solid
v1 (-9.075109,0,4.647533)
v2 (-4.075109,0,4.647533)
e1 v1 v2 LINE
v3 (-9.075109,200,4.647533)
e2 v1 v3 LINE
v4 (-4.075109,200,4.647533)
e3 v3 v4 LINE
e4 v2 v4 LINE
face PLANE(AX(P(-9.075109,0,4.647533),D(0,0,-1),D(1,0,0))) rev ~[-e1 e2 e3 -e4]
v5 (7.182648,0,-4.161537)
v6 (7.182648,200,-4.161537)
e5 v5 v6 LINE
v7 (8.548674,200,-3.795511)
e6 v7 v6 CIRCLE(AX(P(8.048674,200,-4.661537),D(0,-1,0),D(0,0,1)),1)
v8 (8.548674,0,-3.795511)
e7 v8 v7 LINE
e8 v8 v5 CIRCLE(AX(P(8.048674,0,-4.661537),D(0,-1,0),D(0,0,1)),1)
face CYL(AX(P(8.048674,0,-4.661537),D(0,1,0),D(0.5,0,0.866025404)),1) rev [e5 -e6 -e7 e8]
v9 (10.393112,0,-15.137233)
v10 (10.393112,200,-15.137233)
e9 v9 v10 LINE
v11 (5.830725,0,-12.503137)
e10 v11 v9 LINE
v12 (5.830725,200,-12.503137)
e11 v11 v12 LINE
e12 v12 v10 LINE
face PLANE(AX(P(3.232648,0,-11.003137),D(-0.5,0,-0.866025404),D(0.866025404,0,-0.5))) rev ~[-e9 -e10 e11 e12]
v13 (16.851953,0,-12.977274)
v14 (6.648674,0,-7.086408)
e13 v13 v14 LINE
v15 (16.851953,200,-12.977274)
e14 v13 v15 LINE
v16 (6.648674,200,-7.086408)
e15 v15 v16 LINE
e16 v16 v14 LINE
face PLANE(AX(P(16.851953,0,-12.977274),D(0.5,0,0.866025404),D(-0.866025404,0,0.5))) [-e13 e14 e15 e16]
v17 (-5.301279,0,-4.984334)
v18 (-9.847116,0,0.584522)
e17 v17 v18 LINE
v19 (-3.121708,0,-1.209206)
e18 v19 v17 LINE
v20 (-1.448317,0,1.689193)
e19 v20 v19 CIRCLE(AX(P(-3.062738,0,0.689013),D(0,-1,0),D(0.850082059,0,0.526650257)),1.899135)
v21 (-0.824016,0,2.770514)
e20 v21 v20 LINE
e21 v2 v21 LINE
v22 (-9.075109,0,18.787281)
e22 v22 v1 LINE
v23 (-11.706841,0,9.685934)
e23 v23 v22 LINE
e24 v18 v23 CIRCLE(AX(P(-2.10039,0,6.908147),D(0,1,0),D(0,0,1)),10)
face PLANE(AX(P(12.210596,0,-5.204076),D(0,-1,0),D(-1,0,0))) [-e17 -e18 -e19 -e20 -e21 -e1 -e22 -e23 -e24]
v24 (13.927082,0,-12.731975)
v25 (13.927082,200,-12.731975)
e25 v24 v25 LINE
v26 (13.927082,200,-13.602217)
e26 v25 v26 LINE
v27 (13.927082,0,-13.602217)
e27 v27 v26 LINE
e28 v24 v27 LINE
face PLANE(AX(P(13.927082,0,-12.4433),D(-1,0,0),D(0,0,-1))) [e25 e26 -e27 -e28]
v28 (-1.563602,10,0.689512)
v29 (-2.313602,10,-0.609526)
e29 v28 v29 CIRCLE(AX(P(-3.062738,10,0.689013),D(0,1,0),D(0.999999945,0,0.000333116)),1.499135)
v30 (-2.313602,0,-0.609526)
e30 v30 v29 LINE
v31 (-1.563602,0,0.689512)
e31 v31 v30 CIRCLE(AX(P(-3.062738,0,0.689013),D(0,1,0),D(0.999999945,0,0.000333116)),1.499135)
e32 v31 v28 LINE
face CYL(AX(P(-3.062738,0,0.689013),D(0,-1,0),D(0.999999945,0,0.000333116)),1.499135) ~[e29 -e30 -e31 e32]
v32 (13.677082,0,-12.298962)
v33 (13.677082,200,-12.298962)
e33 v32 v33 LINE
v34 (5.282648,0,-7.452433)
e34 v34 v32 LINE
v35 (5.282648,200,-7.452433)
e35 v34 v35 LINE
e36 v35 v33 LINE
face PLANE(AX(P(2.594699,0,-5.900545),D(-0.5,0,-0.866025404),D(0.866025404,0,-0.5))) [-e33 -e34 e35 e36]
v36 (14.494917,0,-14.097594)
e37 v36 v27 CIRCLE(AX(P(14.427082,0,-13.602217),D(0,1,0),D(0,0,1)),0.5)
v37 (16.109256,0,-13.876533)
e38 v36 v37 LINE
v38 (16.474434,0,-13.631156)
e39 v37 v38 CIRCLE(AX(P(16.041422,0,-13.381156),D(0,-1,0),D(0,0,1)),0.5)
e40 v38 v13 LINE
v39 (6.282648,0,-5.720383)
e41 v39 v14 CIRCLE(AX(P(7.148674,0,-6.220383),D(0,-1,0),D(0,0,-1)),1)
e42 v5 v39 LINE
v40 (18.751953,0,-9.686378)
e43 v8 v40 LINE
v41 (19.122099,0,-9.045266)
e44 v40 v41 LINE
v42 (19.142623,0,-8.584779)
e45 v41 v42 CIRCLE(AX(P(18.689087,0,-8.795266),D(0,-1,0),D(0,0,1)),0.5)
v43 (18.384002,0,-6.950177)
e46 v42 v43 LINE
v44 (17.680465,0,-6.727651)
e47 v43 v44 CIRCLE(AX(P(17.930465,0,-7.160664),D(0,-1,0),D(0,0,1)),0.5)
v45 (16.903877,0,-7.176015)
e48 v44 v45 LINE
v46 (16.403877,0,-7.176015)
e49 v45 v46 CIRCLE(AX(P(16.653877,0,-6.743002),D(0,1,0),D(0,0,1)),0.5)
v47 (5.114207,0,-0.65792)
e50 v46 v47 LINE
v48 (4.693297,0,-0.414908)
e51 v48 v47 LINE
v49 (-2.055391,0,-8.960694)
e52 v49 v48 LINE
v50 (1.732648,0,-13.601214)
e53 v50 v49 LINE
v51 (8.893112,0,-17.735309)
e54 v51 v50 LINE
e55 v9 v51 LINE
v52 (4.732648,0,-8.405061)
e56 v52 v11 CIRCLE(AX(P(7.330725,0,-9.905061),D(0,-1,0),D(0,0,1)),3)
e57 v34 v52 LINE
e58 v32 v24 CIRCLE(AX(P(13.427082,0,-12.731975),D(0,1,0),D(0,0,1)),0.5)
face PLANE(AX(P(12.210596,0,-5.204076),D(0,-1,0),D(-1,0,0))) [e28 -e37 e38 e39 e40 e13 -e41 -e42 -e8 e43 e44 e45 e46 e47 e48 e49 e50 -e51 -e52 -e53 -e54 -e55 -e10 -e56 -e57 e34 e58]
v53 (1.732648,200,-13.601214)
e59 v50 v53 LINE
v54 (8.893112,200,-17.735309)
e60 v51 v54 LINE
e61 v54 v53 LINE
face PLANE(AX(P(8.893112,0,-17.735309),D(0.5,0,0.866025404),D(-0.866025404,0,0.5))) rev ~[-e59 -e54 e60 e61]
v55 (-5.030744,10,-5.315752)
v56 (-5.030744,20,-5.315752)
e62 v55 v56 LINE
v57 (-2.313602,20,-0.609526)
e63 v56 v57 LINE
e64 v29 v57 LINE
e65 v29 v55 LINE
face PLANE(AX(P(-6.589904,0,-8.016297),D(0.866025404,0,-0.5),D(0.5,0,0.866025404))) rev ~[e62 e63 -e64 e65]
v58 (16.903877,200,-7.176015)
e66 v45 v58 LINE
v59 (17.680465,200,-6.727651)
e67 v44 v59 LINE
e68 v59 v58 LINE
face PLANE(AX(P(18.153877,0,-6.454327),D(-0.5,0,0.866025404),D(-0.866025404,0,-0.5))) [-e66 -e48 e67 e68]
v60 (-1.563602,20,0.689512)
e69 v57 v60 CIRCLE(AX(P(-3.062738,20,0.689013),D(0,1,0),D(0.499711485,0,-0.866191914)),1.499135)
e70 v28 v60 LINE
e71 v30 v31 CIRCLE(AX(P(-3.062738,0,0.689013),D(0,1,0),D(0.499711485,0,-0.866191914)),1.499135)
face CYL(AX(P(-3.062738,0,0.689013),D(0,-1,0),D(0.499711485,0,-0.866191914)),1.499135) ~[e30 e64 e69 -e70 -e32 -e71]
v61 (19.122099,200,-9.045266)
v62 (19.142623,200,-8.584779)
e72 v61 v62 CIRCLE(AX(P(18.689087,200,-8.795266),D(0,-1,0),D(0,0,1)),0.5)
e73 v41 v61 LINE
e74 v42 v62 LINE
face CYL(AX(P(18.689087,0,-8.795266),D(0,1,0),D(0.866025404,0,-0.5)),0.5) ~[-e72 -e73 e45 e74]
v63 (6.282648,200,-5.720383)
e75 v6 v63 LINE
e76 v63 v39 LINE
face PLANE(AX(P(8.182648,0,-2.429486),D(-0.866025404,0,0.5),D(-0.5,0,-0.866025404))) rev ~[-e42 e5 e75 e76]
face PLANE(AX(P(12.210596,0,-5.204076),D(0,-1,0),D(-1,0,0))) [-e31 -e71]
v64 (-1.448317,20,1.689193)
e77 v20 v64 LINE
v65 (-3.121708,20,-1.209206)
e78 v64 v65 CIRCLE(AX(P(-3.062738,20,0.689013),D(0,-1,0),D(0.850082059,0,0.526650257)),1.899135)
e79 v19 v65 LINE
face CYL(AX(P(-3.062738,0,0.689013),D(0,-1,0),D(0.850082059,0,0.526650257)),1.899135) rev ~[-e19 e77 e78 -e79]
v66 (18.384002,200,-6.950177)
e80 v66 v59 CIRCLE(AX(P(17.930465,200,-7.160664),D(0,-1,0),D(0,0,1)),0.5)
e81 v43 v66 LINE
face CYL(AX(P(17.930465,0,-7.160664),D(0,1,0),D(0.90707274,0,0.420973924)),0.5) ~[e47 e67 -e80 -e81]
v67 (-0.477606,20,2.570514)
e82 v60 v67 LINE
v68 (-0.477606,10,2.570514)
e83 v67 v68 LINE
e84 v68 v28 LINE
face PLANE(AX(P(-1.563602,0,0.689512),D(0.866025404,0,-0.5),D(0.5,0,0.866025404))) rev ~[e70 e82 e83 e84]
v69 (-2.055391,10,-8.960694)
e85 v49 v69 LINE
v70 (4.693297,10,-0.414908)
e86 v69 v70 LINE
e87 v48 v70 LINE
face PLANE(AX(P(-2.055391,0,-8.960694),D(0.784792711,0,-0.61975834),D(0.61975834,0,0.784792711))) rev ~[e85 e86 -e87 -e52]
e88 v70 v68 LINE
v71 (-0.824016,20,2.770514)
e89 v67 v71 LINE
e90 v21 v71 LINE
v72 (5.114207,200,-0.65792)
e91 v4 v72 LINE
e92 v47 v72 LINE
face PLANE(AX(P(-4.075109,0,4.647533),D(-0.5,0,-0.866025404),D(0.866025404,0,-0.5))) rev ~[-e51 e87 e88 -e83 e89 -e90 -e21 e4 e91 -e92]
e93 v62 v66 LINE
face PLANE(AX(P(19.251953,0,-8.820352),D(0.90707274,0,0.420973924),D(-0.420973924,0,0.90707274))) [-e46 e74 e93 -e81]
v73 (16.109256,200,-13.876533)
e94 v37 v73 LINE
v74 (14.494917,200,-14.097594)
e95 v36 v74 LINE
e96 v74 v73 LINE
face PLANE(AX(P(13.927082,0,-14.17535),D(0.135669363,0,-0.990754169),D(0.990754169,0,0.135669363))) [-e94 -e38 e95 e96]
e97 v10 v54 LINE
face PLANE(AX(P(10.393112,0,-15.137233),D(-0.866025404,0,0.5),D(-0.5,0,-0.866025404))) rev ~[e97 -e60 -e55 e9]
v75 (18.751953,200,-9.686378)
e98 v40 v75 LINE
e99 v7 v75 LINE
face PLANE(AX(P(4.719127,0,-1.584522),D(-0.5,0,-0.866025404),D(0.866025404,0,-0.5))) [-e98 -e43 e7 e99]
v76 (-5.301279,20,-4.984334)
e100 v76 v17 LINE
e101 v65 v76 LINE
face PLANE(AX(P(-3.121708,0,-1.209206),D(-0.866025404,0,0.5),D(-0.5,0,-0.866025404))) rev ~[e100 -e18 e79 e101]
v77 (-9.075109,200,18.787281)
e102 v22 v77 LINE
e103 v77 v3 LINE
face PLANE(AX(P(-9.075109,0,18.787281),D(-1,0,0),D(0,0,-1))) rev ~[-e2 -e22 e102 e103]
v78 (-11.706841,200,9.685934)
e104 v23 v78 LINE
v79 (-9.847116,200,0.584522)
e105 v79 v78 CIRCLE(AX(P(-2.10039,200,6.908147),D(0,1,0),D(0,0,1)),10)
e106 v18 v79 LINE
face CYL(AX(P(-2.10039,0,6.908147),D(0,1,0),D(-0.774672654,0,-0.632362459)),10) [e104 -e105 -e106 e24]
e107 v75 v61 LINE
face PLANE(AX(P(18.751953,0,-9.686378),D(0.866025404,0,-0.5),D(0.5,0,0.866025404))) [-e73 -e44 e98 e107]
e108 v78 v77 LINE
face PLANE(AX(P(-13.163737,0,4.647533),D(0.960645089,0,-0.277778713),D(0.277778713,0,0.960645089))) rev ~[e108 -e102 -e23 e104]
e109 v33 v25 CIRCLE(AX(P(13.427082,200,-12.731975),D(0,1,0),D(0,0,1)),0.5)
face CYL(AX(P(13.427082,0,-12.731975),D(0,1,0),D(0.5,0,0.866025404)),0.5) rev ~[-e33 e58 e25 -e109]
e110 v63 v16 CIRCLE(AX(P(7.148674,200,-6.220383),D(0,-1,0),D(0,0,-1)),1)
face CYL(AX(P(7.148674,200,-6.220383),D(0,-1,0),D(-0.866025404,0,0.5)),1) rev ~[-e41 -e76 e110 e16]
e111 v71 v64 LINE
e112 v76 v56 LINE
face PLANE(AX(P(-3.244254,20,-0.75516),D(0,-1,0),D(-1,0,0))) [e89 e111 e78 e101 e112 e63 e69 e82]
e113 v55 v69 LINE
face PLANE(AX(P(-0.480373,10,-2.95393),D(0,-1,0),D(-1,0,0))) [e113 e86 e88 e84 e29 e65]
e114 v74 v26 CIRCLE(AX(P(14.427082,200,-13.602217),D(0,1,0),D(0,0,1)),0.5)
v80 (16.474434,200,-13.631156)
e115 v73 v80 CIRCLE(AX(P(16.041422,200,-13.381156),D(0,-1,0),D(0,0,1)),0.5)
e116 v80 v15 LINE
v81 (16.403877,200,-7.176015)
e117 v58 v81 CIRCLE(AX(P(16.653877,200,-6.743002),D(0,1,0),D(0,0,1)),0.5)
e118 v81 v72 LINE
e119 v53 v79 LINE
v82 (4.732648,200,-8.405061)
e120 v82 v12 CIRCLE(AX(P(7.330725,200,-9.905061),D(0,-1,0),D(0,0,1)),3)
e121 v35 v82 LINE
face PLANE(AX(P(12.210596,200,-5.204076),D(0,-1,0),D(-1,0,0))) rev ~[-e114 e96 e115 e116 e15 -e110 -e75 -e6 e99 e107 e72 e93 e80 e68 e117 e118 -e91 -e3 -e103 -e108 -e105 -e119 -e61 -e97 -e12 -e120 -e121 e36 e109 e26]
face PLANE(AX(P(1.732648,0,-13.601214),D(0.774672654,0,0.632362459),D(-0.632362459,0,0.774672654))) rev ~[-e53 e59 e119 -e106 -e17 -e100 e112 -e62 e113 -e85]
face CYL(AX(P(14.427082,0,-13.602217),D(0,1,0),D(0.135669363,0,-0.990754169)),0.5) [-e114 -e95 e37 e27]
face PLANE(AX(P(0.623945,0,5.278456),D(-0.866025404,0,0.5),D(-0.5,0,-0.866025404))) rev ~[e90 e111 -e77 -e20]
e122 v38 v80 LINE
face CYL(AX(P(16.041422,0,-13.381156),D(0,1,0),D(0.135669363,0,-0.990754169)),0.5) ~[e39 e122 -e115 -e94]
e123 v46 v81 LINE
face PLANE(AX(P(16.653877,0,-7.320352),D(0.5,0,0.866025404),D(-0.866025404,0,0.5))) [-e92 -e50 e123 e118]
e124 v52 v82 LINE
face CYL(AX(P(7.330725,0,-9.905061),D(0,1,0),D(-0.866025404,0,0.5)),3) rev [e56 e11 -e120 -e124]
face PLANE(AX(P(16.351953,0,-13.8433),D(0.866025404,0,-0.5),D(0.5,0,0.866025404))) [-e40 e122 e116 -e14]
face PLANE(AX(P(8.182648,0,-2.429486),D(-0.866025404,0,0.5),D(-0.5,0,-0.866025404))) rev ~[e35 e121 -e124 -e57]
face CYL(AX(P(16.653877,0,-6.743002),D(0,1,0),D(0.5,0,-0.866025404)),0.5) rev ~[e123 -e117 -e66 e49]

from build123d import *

# Parameters (mm, degrees)
BOSS_EXTRUDE1_DEPTH   = 200
BOSS_EXTRUDE1_2_DEPTH = 200
FILLET1_R             = 0.5
FILLET2_R             = 0.5
BOSS_EXTRUDE3_DEPTH   = 200
FILLET3_R             = 10
FILLET4_R             = 1
FILLET5_R             = 3
CUT_EXTRUDE2_DEPTH    = 20
CUT_EXTRUDE4_DEPTH    = 10


with BuildPart() as part:
    # Sketch1 → Boss-Extrude1 (new body)
    with BuildSketch(Plane(origin=(0, 0, 0), x_dir=(1, 0, 0), z_dir=(0, 1, 0))):
        Polygon((13.927082127, 14.175350351), (16.351953258, 13.843299543), (16.851953258, 12.977274139), (3.059579159, 5.014243241), (2.594699496, 5.900545381), (13.927082127, 12.443299543), align=None)
    extrude(amount=BOSS_EXTRUDE1_DEPTH)

    # Fillet2
    fillet2_edges = [part.edges().sort_by_distance(p)[0] for p in [
        (13.927082127, 100, -14.175350351),
        (16.351953258, 100, -13.843299543),
        (13.927082127, 100, -12.443299543),
    ]]
    fillet(fillet2_edges, radius=FILLET2_R)



with BuildPart() as body_2:
    # Sketch1 → Boss-Extrude1 2 (new body)
    with BuildSketch(Plane(origin=(0, 0, 0), x_dir=(1, 0, 0), z_dir=(0, 1, 0))):
        Polygon((18.751953258, 9.686377605), (19.251953258, 8.820352201), (18.153877046, 6.454326797), (16.653877046, 7.320352201), (5.114206816, 0.657920487), (4.719127398, 1.584521817), align=None)
    extrude(amount=BOSS_EXTRUDE1_2_DEPTH)

    # Fillet1
    fillet1_edges = [body_2.edges().sort_by_distance(p)[0] for p in [
        (19.251953258, 100, -8.820352201),
        (18.153877046, 100, -6.454326797),
        (16.653877046, 100, -7.320352201),
    ]]
    fillet(fillet1_edges, radius=FILLET1_R)


with BuildPart() as part_1:
    add(part.part)

    add(body_2.part)  # Boss-Extrude3 merges body 2
    # Sketch2 → Boss-Extrude3 (add)
    with BuildSketch(Plane(origin=(0, 0, 0), x_dir=(1, 0, 0), z_dir=(0, 1, 0))):
        Polygon((8.182648293, 2.429486), (3.232648293, 11.003137498), (10.393111947, 15.137233116), (8.893111947, 17.735309327), (1.732648293, 13.601213709), (-13.163737181, -4.647533202), (-9.075108531, -18.787281313), (-9.075108531, -4.647533202), (-4.075108531, -4.647533202), align=None)
    extrude(amount=BOSS_EXTRUDE3_DEPTH)

    # Fillet3
    fillet3_edges = [part_1.edges().sort_by_distance(p)[0] for p in [
        (-13.163737181, 100, 4.647533202),
    ]]
    fillet(fillet3_edges, radius=FILLET3_R)

    # Fillet4
    fillet4_edges = [part_1.edges().sort_by_distance(p)[0] for p in [
        (5.782648293, 100, -6.586407938),
        (7.682648293, 100, -3.295511404),
    ]]
    fillet(fillet4_edges, radius=FILLET4_R)

    # Fillet5
    fillet5_edges = [part_1.edges().sort_by_distance(p)[0] for p in [
        (3.232648293, 100, -11.003137498),
    ]]
    fillet(fillet5_edges, radius=FILLET5_R)

    # Sketch3 → Cut-Extrude2 (cut)
    with BuildSketch(Plane(origin=(0, 0, 0), x_dir=(1, 0, 0), z_dir=(0, 1, 0))):
        with BuildLine():
            Line((-6.589903921, 8.016296992), (-2.313602471, 0.609525612))
            ThreePointArc((-2.313602471, 0.609525612), (-4.361026605, -1.438580666), (-1.563602471, -0.689512493))
            Line((-1.563602471, -0.689512493), (0.970355299, -5.078456095))
            Line((0.970355299, -5.078456095), (0.623945137, -5.278456095))
            Line((0.623945137, -5.278456095), (-1.448316815, -1.689193106))
            ThreePointArc((-1.448316815, -1.689193106), (-4.707436766, -1.638580666), (-3.12170845, 1.209206225))
            Line((-3.12170845, 1.209206225), (-6.936314083, 7.816296992))
            Line((-6.936314083, 7.816296992), (-6.589903921, 8.016296992))
        make_face()
    extrude(amount=CUT_EXTRUDE2_DEPTH, mode=Mode.SUBTRACT)

    # Sketch4 → Cut-Extrude4 (cut)
    with BuildSketch(Plane(origin=(0, 0, 0), x_dir=(1, 0, 0), z_dir=(0, 1, 0))):
        with BuildLine():
            Line((-2.313602471, 0.609525612), (-5.030743669, 5.315752219))
            Line((-5.030743669, 5.315752219), (-2.055391297, 8.960693639))
            Line((-2.055391297, 8.960693639), (4.693297418, 0.414908333))
            Line((4.693297418, 0.414908333), (-0.477605745, -2.570514))
            Line((-0.477605745, -2.570514), (-1.563602471, -0.689512493))
            ThreePointArc((-1.563602471, -0.689512493), (-1.76444841, 0.060554453), (-2.313602471, 0.609525612))
        make_face()
    extrude(amount=CUT_EXTRUDE4_DEPTH, mode=Mode.SUBTRACT)


solid = part_1.part
